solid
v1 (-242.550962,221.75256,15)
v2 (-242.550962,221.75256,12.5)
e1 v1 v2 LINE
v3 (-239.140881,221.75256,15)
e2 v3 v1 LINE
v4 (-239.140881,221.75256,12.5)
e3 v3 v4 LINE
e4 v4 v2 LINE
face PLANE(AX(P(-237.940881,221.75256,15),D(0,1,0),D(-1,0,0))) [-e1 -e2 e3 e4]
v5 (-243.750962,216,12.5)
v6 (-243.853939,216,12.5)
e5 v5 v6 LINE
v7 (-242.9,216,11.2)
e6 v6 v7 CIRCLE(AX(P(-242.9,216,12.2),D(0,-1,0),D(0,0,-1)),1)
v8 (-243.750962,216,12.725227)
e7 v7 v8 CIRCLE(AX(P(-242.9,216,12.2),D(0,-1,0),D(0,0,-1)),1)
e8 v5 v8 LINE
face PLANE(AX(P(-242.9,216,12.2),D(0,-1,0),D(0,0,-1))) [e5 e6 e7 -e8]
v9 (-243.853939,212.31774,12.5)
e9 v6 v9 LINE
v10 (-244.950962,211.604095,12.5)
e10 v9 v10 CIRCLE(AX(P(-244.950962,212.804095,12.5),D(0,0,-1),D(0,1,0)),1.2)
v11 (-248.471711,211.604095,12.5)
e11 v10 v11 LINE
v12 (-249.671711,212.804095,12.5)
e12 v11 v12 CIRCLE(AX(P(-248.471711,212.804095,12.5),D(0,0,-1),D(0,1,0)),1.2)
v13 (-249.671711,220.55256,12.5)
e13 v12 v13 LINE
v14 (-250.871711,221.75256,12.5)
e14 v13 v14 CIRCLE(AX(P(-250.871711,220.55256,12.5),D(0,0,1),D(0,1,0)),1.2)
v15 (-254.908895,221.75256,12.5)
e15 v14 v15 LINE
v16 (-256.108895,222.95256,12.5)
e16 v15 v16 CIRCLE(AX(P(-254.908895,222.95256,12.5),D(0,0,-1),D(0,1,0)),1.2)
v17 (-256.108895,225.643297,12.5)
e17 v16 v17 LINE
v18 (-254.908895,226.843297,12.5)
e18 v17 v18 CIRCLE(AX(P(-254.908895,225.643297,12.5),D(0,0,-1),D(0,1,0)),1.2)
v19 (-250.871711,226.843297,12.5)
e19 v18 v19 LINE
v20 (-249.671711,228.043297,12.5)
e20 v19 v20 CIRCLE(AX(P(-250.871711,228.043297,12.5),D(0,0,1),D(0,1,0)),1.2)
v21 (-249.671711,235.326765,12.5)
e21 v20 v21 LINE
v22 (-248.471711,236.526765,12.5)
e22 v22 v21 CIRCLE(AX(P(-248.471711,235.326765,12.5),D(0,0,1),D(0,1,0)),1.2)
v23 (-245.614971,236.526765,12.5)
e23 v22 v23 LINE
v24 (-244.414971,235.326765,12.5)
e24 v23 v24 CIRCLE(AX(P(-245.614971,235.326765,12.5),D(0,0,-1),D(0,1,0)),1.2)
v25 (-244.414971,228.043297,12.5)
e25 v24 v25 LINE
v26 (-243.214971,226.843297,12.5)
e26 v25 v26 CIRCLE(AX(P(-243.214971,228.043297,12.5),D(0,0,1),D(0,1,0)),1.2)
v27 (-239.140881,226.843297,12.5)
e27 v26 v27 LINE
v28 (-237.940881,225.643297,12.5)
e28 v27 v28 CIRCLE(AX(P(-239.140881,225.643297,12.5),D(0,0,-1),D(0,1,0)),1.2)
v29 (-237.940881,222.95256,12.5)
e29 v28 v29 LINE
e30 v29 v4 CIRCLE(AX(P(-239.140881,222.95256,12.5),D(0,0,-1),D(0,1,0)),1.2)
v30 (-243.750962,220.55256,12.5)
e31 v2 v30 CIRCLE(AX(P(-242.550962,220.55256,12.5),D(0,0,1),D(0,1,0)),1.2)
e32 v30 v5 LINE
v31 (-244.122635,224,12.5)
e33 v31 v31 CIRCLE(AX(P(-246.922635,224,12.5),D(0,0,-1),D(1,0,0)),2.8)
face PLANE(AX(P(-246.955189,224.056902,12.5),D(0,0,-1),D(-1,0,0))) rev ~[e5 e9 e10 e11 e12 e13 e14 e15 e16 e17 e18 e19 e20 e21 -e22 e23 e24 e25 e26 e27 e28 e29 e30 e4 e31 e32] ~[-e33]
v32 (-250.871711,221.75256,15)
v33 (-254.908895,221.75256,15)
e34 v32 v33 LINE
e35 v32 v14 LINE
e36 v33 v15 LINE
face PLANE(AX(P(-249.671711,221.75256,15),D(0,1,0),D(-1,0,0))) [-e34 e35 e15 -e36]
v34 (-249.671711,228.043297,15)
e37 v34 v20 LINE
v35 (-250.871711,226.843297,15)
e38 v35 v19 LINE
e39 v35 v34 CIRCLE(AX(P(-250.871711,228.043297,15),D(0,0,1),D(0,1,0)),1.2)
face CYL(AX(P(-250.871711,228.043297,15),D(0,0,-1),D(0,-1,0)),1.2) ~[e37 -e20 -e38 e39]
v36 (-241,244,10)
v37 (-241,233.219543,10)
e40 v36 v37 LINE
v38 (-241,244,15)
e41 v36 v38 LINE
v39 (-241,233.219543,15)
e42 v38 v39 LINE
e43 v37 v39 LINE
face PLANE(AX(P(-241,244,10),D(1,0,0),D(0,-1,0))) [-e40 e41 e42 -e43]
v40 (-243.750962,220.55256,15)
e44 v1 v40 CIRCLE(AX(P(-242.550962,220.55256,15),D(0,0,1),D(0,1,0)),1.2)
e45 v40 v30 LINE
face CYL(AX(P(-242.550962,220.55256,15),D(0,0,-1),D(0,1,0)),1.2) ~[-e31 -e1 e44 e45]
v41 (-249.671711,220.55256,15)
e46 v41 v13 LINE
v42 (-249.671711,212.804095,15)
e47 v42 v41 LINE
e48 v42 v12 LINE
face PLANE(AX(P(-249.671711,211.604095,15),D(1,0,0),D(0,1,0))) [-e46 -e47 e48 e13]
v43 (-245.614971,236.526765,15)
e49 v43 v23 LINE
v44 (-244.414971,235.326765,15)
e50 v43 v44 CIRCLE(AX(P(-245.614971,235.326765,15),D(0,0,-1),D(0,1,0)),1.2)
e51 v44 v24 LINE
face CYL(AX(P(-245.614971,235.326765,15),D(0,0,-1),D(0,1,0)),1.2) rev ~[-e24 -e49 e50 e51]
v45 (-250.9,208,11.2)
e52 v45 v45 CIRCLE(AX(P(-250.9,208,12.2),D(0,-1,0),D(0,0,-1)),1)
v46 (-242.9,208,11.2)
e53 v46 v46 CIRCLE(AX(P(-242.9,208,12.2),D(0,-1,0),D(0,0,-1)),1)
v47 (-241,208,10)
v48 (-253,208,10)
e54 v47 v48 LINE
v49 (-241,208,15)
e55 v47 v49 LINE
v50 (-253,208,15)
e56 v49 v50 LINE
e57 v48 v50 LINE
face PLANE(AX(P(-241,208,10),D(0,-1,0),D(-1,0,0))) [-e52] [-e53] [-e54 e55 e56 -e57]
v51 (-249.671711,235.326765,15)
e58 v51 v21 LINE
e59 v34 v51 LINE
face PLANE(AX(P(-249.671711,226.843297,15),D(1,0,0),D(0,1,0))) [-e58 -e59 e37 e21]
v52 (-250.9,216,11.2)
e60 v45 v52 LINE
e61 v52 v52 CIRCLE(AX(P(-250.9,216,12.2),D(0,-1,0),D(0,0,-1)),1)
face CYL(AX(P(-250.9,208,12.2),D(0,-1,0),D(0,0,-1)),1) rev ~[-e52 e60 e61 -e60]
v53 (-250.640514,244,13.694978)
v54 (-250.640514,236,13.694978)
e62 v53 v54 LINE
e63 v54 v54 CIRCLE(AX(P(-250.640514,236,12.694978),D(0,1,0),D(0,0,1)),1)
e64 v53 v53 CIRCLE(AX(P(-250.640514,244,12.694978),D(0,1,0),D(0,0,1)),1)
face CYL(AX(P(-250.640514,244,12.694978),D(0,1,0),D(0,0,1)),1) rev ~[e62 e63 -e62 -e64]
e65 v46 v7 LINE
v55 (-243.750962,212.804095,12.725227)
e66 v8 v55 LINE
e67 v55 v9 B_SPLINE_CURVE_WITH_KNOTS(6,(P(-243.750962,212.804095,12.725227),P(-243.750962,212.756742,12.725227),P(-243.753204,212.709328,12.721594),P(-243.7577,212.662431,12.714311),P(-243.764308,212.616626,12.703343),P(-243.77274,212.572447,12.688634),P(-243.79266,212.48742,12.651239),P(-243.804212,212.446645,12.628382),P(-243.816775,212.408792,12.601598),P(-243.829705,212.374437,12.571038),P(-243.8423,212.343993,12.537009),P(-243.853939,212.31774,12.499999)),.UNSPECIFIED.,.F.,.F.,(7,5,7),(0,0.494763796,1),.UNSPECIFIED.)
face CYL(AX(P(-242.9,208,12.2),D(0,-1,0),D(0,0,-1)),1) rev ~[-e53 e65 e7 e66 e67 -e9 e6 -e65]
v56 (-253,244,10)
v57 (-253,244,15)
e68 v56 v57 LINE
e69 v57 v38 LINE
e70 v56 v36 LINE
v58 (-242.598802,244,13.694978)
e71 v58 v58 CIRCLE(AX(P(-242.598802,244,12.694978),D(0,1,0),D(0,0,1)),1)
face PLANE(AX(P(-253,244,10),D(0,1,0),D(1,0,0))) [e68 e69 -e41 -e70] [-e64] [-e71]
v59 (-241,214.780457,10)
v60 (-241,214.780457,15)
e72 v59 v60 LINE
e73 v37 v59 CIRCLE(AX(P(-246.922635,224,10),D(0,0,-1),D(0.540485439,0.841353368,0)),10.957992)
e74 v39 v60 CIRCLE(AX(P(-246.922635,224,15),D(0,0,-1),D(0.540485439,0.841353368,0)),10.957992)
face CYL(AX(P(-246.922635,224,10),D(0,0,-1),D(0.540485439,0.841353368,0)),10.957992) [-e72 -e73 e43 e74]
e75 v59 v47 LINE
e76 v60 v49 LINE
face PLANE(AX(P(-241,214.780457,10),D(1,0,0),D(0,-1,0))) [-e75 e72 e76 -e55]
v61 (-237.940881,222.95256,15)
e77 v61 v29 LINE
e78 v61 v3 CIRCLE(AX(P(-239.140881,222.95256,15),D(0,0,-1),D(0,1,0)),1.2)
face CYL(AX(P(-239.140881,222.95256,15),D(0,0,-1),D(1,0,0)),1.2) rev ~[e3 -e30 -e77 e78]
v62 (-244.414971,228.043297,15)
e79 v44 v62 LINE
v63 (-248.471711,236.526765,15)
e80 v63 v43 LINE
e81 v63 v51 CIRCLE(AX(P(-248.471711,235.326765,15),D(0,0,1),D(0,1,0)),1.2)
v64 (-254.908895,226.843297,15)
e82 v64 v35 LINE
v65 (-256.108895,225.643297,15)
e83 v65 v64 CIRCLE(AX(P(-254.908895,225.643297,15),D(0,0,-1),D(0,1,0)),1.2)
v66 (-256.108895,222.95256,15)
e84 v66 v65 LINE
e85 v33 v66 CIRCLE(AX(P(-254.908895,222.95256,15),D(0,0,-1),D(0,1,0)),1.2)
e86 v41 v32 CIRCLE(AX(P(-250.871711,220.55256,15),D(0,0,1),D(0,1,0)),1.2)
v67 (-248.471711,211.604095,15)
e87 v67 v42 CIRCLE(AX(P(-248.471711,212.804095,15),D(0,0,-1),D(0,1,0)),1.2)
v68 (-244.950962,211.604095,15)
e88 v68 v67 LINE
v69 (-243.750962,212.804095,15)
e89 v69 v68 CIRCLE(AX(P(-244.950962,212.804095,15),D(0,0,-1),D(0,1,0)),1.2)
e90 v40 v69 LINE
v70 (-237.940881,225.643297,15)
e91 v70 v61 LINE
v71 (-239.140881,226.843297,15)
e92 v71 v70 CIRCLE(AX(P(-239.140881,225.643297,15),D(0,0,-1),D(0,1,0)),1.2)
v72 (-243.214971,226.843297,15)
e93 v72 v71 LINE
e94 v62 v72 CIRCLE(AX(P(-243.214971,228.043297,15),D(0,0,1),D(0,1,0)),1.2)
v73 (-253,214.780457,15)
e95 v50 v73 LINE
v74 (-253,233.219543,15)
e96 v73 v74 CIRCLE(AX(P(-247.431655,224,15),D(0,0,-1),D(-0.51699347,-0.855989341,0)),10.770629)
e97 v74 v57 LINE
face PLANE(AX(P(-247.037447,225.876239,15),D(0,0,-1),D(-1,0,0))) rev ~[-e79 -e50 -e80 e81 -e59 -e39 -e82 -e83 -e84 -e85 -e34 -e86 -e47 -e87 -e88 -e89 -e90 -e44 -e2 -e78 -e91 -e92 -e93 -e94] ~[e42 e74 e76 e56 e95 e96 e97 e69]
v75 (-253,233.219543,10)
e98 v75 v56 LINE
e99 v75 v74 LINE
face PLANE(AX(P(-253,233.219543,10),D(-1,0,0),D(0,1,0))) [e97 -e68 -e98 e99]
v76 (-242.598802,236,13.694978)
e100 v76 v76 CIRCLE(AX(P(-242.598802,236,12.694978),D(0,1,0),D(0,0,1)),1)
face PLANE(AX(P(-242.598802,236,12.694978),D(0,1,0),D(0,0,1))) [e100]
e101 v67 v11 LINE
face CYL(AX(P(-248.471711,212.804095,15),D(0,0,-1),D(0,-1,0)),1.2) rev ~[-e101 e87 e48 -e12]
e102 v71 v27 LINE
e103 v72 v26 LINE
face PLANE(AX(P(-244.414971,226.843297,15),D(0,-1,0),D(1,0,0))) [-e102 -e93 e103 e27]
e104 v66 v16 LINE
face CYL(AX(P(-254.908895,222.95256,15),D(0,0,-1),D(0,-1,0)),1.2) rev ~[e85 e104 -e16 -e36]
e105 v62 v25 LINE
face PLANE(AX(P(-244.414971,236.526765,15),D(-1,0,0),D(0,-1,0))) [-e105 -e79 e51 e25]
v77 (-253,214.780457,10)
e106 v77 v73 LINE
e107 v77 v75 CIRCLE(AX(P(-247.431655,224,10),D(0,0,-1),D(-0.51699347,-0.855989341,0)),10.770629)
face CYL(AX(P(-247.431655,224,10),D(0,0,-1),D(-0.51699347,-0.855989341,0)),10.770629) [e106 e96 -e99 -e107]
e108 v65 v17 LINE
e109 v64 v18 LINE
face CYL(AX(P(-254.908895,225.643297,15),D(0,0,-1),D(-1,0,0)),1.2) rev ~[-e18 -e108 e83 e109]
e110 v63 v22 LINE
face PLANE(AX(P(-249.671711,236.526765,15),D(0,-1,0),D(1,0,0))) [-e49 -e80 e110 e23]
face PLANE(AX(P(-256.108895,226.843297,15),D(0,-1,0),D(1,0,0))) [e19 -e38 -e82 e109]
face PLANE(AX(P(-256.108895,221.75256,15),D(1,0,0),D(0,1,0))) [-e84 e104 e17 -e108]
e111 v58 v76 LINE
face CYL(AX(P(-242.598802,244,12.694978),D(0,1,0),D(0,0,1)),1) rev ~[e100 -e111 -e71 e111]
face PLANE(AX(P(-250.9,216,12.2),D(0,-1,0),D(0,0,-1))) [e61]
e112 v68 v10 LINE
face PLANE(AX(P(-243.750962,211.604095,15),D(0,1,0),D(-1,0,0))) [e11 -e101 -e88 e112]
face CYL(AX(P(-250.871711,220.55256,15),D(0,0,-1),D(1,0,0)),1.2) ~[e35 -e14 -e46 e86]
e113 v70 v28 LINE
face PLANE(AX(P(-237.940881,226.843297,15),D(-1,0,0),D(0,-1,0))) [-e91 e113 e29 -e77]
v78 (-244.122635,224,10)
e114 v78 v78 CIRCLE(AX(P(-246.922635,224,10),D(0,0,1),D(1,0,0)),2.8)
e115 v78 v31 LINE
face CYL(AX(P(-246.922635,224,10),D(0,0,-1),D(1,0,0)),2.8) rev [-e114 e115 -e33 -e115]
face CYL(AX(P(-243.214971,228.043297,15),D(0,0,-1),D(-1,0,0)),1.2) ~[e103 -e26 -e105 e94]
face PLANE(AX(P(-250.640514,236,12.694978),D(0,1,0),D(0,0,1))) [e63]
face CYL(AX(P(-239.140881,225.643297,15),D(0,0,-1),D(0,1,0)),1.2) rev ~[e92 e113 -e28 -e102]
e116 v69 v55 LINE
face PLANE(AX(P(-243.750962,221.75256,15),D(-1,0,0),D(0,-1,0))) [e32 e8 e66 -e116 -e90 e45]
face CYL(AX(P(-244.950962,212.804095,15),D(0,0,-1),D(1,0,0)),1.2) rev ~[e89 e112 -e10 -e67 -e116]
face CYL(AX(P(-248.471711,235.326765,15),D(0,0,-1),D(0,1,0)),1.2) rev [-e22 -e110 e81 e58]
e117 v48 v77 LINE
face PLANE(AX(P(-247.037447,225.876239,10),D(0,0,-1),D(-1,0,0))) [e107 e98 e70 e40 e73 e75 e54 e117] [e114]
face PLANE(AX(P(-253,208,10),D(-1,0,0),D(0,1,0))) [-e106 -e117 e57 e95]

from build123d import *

# Parameters (mm, degrees)
SKETCH1_R           = 2.8
BOSS_EXTRUDE1_DEPTH = 5
CUT_EXTRUDE1_DEPTH  = 2.5
FILLET1_R           = 1.2
SKETCH3_R           = 1
CUT_EXTRUDE2_DEPTH  = 8
SKETCH4_R           = 1
CUT_EXTRUDE3_DEPTH  = 8


with BuildPart() as part:
    # Sketch1 → Boss-Extrude1 (new body)
    with BuildSketch(Plane.XY.offset(10)):
        with BuildLine():
            Line((-253, 244), (-241, 244))
            Line((-241, 244), (-241, 233.219543457))
            ThreePointArc((-241, 233.219543457), (-235.964643127, 224), (-241, 214.780456543))
            Line((-241, 214.780456543), (-241, 208))
            Line((-241, 208), (-253, 208))
            Line((-253, 208), (-253, 214.780456543))
            ThreePointArc((-253, 214.780456543), (-258.20228405, 224), (-253, 233.219543457))
            Line((-253, 233.219543457), (-253, 244))
        make_face()
        with Locations((-246.922635101, 224)):
            Circle(SKETCH1_R, mode=Mode.SUBTRACT)
    extrude(amount=BOSS_EXTRUDE1_DEPTH)

    # Sketch2 → Cut-Extrude1 (cut)
    with BuildSketch(Plane.XY.offset(15)):
        Polygon((-249.671711, 236.526764937), (-244.414971283, 236.526764937), (-244.414971283, 226.843297037), (-237.940881316, 226.843297037), (-237.940881316, 221.752559627), (-243.750962055, 221.752559627), (-243.750962055, 211.604094919), (-249.671711, 211.604094919), (-249.671711, 221.752559627), (-256.108895334, 221.752559627), (-256.108895334, 226.843297037), (-249.671711, 226.843297037), align=None)
    extrude(amount=-CUT_EXTRUDE1_DEPTH, mode=Mode.SUBTRACT)

    # Fillet1
    fillet1_edges = [part.edges().sort_by_distance(p)[0] for p in [
        (-249.671711, 226.843297037, 13.75),
        (-249.671711, 236.526764937, 13.75),
        (-244.414971283, 236.526764937, 13.75),
        (-244.414971283, 226.843297037, 13.75),
        (-237.940881316, 226.843297037, 13.75),
        (-237.940881316, 221.752559627, 13.75),
        (-243.750962055, 221.752559627, 13.75),
        (-243.750962055, 211.604094919, 13.75),
        (-249.671711, 211.604094919, 13.75),
        (-249.671711, 221.752559627, 13.75),
        (-256.108895334, 221.752559627, 13.75),
        (-256.108895334, 226.843297037, 13.75),
    ]]
    fillet(fillet1_edges, radius=FILLET1_R)

    # Sketch3 → Cut-Extrude2 (cut)
    with BuildSketch(Plane(origin=(0, 208, 0), x_dir=(-1, 0, 0), z_dir=(0, -1, 0))):
        with Locations(Location((250.9, -12.2, 0), (0, 0, 90))):
            Circle(SKETCH3_R)
        with Locations(Location((242.9, -12.2, 0), (0, 0, 90))):
            Circle(SKETCH3_R)
    extrude(amount=-CUT_EXTRUDE2_DEPTH, mode=Mode.SUBTRACT)

    # Sketch4 → Cut-Extrude3 (cut)
    with BuildSketch(Plane(origin=(0, 244, 0), x_dir=(1, 0, 0), z_dir=(0, 1, 0))):
        with Locations(Location((-242.598801613, -12.694978247, 0), (0, 0, 270))):
            Circle(SKETCH4_R)
        with Locations(Location((-250.64051394, -12.694978247, 0), (0, 0, 270))):
            Circle(SKETCH4_R)
    extrude(amount=-CUT_EXTRUDE3_DEPTH, mode=Mode.SUBTRACT)


solid = part.part
